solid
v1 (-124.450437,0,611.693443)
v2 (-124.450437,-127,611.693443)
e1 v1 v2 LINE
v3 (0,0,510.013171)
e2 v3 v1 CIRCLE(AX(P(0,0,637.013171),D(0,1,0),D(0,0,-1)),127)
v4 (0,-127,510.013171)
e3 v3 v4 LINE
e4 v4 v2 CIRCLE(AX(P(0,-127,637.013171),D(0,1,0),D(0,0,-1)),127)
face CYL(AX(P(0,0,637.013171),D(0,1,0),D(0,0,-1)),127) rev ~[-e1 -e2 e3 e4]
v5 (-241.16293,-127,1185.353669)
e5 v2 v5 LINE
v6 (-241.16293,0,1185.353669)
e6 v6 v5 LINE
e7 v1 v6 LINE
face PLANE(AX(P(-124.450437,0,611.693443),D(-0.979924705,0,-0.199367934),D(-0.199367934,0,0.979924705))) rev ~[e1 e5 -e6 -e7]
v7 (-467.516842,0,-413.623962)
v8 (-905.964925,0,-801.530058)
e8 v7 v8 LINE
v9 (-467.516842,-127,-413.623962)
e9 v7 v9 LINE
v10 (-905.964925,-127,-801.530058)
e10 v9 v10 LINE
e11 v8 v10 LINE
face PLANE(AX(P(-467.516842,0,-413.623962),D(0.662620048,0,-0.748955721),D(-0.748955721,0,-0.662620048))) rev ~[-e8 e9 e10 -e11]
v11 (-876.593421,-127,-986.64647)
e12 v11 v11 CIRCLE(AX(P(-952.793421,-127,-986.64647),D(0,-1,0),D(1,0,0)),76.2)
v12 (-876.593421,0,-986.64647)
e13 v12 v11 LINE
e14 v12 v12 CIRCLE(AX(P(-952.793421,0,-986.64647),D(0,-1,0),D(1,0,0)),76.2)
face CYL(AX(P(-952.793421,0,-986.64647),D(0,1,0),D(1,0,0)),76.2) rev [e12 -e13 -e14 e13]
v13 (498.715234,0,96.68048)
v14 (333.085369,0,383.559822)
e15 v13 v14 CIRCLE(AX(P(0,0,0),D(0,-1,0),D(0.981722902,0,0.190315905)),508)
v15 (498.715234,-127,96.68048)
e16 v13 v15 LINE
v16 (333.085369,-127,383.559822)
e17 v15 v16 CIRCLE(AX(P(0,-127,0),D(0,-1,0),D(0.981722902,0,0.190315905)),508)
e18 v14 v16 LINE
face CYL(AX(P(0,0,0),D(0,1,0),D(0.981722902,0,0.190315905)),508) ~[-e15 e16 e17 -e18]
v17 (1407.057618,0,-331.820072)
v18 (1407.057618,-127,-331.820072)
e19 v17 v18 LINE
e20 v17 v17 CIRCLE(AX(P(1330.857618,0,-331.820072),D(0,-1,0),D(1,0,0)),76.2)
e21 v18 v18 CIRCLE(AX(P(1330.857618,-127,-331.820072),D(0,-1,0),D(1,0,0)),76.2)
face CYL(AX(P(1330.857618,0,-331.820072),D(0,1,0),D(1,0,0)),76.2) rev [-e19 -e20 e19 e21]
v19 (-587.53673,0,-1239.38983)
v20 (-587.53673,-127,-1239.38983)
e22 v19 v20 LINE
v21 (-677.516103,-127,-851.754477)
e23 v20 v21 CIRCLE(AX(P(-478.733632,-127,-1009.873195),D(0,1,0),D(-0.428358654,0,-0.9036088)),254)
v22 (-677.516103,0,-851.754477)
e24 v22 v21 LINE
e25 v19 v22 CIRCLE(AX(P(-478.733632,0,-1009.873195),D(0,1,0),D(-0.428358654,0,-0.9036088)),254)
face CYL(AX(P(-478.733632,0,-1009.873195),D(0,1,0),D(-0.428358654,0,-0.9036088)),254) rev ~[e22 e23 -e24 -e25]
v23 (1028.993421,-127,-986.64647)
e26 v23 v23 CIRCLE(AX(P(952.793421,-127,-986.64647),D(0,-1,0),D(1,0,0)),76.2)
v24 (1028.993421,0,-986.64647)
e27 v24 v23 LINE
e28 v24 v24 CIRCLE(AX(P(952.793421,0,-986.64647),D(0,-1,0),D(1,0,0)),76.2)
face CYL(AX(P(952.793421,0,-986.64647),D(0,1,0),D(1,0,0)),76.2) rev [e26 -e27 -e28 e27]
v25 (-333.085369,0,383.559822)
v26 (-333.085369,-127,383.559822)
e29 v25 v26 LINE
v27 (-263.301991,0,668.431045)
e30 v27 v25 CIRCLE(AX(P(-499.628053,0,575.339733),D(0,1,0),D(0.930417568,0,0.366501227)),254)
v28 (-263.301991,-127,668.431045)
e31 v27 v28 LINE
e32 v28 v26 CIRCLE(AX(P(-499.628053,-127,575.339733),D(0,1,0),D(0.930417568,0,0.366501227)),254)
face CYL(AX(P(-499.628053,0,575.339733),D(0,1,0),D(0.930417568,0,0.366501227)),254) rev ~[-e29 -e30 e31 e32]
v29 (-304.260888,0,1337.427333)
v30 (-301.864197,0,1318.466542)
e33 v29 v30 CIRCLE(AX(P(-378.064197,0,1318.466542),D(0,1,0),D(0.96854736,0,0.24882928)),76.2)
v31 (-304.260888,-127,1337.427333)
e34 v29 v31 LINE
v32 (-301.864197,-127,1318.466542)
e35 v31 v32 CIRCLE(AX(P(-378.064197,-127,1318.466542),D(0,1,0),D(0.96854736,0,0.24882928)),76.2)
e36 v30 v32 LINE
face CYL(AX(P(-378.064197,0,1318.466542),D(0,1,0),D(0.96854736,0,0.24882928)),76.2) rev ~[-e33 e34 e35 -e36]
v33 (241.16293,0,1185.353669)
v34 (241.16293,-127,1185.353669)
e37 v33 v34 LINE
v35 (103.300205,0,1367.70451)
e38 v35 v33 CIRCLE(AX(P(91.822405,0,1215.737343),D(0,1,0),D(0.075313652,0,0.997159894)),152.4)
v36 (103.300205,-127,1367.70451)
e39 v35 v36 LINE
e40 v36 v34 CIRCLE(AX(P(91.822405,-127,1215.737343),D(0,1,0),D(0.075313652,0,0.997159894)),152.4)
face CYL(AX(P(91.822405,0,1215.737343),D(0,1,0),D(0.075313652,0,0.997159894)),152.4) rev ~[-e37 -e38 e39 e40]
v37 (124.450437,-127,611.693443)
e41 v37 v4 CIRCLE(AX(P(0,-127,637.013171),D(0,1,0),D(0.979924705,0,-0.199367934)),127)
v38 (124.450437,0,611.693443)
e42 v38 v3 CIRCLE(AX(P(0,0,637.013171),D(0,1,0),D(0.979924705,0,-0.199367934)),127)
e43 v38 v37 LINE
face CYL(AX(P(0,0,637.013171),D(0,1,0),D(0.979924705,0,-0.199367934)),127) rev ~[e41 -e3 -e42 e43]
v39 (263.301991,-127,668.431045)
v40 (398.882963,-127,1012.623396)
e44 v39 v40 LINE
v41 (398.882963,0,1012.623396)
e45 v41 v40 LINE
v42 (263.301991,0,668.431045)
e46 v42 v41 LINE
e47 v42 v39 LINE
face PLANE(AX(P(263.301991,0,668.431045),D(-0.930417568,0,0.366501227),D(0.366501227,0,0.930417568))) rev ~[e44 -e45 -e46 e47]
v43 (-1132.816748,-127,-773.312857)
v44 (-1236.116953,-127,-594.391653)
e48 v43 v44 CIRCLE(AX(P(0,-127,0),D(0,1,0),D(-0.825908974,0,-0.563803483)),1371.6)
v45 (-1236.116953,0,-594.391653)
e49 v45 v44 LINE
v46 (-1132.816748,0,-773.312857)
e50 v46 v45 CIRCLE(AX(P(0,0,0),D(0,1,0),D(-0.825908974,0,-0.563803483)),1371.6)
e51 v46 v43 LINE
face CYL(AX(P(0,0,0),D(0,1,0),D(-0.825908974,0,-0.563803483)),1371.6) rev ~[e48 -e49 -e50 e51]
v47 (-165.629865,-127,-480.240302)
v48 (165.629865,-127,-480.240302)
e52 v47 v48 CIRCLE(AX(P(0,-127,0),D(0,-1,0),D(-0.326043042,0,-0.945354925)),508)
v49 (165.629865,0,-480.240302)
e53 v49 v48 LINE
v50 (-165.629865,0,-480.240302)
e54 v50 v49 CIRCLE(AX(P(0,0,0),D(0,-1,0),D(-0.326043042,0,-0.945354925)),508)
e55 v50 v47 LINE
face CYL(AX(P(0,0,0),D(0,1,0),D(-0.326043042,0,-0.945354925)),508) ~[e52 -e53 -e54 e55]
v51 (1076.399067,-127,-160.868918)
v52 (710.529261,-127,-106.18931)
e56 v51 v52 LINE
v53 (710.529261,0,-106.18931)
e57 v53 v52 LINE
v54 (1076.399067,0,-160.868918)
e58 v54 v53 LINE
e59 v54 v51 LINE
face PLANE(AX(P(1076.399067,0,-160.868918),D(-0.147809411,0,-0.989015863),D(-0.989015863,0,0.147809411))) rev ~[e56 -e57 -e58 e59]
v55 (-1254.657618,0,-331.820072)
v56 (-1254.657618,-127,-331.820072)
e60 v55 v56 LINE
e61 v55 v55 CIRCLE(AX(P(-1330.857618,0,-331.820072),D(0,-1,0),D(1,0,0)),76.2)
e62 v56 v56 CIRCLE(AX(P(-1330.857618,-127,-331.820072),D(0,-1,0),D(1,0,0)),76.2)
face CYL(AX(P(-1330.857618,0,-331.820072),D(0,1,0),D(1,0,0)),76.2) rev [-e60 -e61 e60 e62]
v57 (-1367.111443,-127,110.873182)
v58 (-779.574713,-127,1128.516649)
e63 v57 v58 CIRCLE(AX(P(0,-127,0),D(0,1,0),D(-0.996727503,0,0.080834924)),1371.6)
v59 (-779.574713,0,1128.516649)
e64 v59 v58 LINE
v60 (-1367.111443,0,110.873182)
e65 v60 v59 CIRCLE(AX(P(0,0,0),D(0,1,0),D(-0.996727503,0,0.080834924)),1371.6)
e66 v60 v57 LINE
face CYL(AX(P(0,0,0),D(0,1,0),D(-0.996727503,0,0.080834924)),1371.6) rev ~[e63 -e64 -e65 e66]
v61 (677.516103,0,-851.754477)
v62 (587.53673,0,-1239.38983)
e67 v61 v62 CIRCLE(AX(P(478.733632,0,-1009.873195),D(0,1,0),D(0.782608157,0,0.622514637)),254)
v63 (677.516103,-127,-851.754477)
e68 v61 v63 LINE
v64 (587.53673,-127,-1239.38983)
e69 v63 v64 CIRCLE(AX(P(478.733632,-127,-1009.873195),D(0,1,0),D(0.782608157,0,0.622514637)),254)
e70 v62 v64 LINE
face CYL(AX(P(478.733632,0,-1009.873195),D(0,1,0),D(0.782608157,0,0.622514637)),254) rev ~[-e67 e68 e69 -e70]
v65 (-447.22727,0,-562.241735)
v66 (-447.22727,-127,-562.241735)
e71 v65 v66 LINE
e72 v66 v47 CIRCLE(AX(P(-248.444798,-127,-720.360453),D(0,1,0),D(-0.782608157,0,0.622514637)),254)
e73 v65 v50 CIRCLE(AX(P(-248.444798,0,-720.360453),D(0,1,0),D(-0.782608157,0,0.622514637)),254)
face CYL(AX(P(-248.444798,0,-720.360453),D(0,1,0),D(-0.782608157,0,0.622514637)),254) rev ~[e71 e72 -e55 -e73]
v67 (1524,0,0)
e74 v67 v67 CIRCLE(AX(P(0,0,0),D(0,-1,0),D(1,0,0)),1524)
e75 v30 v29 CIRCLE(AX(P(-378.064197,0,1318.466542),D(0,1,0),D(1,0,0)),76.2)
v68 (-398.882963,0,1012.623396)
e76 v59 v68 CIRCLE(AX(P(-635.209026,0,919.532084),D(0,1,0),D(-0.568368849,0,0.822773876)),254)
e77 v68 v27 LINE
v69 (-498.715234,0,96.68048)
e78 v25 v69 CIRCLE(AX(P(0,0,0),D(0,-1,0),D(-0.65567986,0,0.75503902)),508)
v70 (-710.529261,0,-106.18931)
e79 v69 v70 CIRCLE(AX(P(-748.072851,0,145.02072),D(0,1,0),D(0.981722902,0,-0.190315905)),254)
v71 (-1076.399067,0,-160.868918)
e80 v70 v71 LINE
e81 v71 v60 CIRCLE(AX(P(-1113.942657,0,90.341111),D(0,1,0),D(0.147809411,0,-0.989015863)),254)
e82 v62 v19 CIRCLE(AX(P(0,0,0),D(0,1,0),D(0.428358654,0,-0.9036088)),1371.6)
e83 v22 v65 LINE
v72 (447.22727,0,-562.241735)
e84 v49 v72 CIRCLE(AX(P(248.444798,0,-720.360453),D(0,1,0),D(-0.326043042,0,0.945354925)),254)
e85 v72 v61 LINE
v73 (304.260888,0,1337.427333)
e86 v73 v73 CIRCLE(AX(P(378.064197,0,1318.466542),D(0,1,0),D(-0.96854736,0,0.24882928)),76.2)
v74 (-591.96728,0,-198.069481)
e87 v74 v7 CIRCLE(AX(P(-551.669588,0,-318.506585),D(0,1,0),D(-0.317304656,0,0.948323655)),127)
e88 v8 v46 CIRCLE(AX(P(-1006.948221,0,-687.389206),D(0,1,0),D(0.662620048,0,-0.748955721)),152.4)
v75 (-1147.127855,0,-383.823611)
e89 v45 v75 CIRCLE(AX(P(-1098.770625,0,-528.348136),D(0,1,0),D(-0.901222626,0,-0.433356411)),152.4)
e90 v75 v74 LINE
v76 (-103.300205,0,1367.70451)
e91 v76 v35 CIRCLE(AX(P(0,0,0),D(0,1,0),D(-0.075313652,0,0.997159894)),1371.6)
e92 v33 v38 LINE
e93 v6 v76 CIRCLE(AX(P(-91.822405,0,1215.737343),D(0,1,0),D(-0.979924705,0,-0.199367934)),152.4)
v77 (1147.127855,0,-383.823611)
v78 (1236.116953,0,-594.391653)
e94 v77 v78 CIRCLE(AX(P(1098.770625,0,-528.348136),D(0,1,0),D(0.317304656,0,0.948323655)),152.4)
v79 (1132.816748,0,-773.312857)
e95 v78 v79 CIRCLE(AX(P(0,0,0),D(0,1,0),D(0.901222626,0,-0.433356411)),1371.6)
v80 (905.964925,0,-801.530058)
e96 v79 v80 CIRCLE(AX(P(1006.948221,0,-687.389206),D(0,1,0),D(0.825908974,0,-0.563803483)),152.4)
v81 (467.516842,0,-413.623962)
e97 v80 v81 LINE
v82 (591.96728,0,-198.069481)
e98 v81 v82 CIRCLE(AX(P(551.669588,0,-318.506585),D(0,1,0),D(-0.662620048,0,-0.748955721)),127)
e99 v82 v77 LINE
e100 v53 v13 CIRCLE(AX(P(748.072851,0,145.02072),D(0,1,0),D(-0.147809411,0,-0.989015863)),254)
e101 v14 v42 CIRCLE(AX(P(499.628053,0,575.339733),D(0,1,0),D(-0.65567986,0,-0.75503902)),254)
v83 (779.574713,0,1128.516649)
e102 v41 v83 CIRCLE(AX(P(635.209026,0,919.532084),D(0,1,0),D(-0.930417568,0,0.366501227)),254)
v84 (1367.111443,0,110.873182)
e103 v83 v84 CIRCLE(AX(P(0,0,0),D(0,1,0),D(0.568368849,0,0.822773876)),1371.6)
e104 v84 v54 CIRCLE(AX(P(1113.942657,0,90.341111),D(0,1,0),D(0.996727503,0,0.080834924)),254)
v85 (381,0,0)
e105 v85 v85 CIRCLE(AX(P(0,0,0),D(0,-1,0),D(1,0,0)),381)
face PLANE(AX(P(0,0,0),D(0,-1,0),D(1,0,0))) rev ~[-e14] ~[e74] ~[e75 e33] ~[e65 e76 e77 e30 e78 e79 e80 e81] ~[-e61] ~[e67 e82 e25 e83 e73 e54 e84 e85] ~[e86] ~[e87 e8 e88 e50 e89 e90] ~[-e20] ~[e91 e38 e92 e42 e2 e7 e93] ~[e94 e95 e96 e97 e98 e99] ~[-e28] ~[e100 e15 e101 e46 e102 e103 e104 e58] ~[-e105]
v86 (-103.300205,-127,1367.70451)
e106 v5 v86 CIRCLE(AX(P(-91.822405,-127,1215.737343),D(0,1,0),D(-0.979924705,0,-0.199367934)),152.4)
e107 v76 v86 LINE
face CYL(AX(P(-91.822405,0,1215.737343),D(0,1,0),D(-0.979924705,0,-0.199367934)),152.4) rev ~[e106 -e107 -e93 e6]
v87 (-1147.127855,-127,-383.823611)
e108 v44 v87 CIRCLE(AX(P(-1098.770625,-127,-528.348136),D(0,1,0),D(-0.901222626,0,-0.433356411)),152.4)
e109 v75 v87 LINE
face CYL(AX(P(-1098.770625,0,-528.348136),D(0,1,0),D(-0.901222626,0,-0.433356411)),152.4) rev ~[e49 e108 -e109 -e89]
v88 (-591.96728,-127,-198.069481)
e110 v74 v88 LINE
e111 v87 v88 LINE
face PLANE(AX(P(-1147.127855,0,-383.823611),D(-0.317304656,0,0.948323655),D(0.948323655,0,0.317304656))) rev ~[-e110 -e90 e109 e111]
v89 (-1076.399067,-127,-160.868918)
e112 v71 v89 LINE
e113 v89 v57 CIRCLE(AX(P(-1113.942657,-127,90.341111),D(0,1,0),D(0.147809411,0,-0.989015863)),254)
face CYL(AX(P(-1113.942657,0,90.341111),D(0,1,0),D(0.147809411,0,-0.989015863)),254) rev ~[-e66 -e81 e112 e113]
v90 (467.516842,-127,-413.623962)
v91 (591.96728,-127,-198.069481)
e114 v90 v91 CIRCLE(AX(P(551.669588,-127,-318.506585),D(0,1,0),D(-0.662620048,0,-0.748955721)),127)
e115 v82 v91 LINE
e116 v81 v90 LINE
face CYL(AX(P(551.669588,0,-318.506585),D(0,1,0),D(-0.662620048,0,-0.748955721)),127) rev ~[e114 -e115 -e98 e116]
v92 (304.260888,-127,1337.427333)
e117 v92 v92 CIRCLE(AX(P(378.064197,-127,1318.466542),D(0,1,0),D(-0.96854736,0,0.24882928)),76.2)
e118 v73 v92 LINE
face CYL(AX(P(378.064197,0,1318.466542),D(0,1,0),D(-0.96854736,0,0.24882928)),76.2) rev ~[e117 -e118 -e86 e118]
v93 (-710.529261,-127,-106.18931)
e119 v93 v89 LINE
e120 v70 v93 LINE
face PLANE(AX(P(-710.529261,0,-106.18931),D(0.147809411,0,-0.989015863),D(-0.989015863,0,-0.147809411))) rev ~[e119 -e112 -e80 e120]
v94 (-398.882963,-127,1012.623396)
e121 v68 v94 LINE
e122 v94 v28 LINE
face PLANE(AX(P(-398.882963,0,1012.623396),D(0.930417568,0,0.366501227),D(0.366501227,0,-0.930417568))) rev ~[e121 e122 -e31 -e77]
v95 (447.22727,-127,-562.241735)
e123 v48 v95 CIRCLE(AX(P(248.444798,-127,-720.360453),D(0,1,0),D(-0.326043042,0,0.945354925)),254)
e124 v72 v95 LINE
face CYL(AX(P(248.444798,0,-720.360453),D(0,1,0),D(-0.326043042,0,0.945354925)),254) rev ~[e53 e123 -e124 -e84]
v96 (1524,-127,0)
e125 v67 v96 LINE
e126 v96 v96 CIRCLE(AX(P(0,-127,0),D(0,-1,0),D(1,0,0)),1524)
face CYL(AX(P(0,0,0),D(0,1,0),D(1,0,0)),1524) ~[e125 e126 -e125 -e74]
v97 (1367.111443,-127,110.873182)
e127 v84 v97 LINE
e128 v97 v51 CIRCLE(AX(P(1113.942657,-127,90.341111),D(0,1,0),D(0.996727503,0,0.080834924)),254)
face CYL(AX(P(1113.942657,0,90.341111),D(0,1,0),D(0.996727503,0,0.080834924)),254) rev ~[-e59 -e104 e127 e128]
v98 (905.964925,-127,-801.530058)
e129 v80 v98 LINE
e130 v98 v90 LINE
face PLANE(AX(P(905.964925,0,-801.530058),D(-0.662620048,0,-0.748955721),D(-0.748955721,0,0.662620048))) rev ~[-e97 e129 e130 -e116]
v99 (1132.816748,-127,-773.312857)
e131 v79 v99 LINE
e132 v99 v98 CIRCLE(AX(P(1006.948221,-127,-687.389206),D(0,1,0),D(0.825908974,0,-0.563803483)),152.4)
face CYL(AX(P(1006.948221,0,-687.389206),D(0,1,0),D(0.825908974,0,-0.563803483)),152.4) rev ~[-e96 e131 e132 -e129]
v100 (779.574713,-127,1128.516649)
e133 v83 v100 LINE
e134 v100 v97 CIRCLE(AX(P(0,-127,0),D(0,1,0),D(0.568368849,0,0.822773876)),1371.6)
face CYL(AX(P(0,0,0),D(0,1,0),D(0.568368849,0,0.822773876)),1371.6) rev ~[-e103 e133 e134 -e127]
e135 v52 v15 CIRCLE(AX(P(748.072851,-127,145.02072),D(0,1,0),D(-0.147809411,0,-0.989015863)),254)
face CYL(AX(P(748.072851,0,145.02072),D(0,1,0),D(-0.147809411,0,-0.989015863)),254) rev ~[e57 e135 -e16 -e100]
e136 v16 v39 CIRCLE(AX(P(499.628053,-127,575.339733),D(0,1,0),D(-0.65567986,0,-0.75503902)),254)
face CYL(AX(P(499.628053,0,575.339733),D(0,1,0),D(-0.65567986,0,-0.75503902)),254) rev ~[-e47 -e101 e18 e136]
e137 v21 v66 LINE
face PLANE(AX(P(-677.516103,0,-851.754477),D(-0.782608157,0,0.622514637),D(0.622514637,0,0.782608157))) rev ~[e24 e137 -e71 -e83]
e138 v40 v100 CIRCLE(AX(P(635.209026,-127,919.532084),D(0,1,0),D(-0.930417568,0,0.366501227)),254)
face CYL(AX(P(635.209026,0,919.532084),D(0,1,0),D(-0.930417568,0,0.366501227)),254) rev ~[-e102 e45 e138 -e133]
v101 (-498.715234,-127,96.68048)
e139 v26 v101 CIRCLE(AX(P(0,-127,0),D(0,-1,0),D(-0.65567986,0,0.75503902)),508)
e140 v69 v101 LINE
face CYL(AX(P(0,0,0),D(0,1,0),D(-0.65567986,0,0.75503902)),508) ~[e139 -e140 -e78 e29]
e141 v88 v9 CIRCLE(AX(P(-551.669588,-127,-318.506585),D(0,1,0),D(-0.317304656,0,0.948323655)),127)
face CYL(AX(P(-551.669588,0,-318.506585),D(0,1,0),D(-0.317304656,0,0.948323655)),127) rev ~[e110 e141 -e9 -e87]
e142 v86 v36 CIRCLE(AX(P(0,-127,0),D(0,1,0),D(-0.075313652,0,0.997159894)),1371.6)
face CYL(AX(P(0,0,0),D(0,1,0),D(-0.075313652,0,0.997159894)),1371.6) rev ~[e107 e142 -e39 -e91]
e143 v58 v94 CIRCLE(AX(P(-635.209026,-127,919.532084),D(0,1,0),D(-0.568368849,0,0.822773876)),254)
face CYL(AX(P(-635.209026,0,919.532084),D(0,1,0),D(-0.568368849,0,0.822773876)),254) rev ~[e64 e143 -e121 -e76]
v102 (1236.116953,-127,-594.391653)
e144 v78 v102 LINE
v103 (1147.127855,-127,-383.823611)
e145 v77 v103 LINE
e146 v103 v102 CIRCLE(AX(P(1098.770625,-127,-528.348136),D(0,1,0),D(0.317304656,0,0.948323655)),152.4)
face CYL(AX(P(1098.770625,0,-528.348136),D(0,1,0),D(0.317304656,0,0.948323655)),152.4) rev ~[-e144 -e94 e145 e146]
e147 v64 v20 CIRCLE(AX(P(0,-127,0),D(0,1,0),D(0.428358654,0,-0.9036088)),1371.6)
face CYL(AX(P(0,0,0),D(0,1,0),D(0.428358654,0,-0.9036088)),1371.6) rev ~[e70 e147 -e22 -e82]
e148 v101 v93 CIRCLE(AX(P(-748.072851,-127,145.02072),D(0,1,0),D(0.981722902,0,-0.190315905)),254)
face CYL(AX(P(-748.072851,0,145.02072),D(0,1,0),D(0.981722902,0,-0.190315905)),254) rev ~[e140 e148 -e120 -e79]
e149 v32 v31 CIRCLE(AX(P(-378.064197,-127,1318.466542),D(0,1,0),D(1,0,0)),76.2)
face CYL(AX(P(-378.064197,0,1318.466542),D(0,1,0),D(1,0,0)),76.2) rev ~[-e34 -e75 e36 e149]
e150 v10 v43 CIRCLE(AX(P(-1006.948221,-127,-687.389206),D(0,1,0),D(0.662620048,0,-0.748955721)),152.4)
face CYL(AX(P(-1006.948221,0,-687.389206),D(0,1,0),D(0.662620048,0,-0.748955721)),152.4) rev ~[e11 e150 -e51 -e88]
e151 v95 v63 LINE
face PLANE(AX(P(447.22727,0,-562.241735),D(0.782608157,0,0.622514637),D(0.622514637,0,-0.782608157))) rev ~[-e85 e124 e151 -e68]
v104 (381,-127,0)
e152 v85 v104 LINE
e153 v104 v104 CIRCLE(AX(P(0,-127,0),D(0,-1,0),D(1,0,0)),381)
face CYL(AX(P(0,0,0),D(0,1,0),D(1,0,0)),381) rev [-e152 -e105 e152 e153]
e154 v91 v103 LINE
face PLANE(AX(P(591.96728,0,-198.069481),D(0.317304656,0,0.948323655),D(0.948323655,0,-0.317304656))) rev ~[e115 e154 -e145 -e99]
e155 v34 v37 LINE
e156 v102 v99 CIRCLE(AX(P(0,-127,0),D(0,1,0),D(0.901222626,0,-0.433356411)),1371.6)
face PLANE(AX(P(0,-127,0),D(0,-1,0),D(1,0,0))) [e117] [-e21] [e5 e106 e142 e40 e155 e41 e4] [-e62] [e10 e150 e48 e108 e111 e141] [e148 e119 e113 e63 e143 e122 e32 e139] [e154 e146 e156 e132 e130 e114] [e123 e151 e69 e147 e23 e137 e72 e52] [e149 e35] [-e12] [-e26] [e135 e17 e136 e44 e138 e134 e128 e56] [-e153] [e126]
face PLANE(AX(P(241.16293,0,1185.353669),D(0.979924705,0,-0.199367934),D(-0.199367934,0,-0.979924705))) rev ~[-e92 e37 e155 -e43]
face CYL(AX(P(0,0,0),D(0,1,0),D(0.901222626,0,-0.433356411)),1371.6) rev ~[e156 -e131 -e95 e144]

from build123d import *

# Parameters (mm, degrees)
F0_R     = 1524
F0_R_2   = 76.2
F0_R_3   = 381
F1_DEPTH = 127


with BuildPart() as f1:
    # F0 (on Front) → F1 (new body)
    with BuildSketch(Plane.XZ):
        Circle(F0_R)
        with Locations((-952.7934209216, -986.6464701445)):
            Circle(F0_R_2, mode=Mode.SUBTRACT)
        with BuildLine():
            Line((-1147.1278549233, -383.8236111278), (-591.9672795655, -198.069481041))
            ThreePointArc((-591.9672795655, -198.069481041), (-441.6843619214, -255.0065852522), (-467.5168420786, -413.6239617924))
            Line((-467.5168420786, -413.6239617924), (-905.9649252706, -801.5300581884))
            ThreePointArc((-905.9649252706, -801.5300581884), (-1025.7596879891, -838.6237549571), (-1132.816748196, -773.3128571327))
            ThreePointArc((-1132.816748196, -773.3128571327), (-1187.8404438307, -685.8), (-1236.116953448, -594.3916532039))
            ThreePointArc((-1236.116953448, -594.3916532038), (-1239.1493200045, -469.022070498), (-1147.1278549233, -383.8236111278))
        make_face(mode=Mode.SUBTRACT)
        with Locations((-1330.8576181602, -331.8200720045)):
            Circle(F0_R_2, mode=Mode.SUBTRACT)
        with BuildLine():
            ThreePointArc((-587.5367296731, -1239.389830233), (-726.1553614682, -1067.3056560513), (-677.516103426, -851.7544772987))
            Line((-677.516103426, -851.7544772987), (-447.2272700896, -562.2417352778))
            ThreePointArc((-447.2272700896, -562.2417352778), (-319.4601226238, -476.4899469689), (-165.6298654994, -480.2403019892))
            ThreePointArc((-165.6298654994, -480.2403019892), (0, -508), (165.6298654994, -480.2403019892))
            ThreePointArc((165.6298654994, -480.2403019892), (319.4601226238, -476.4899469689), (447.2272700896, -562.2417352778))
            Line((447.2272700896, -562.2417352778), (677.516103426, -851.7544772987))
            ThreePointArc((677.516103426, -851.7544772987), (726.1553614682, -1067.3056560513), (587.5367296731, -1239.389830233))
            ThreePointArc((587.5367296731, -1239.389830233), (0, -1371.6), (-587.5367296731, -1239.389830233))
        make_face(mode=Mode.SUBTRACT)
        with Locations((952.7934209216, -986.6464701445)):
            Circle(F0_R_2, mode=Mode.SUBTRACT)
        with BuildLine():
            Line((905.9649252706, -801.5300581884), (467.5168420786, -413.6239617924))
            ThreePointArc((467.5168420786, -413.6239617924), (441.6843619214, -255.0065852522), (591.9672795655, -198.069481041))
            Line((591.9672795655, -198.069481041), (1147.1278549233, -383.8236111278))
            ThreePointArc((1147.1278549233, -383.8236111278), (1239.1493200045, -469.022070498), (1236.116953448, -594.3916532039))
            ThreePointArc((1236.116953448, -594.3916532039), (1187.8404438307, -685.8), (1132.816748196, -773.3128571327))
            ThreePointArc((1132.816748196, -773.3128571327), (1025.7596879891, -838.6237549571), (905.9649252706, -801.5300581884))
        make_face(mode=Mode.SUBTRACT)
        with Locations((1330.8576181602, -331.8200720045)):
            Circle(F0_R_2, mode=Mode.SUBTRACT)
        with BuildLine():
            ThreePointArc((-263.3019907736, 668.4310448017), (-252.922337411, 514.9055551727), (-333.085368694, 383.5598221425))
            ThreePointArc((-333.085368694, 383.5598221425), (-439.9409051225, 254), (-498.7152341934, 96.6804798467))
            ThreePointArc((-498.7152341934, 96.6804798467), (-572.3824600348, -38.4156082039), (-710.5292608632, -106.1893095239))
            Line((-710.5292608632, -106.1893095239), (-1076.3990668408, -160.8689183906))
            ThreePointArc((-1076.3990668408, -160.8689183906), (-1287.3914924773, -95.2161621001), (-1367.1114430104, 110.8731815631))
            ThreePointArc((-1367.1114430104, 110.8731815631), (-1187.8404438307, 685.8), (-779.5747133373, 1128.5166486699))
            ThreePointArc((-779.5747133373, 1128.5166486699), (-561.2361310092, 1162.5218181514), (-398.8829634148, 1012.6233956893))
            Line((-398.8829634148, 1012.6233956893), (-263.3019907736, 668.4310448017))
        make_face(mode=Mode.SUBTRACT)
        with BuildLine():
            ThreePointArc((-304.2608883721, 1337.427333281), (-302.465744425, 1328.0223745138), (-301.8641972386, 1318.466542149))
            ThreePointArc((-301.8641972386, 1318.466542149), (-423.9225020028, 1257.6105162834), (-399.0677637519, 1391.7146833795))
            ThreePointArc((-399.0677637519, 1391.7146833795), (-340.1995396629, 1384.5929945465), (-304.2608883721, 1337.427333281))
        make_face(mode=Mode.SUBTRACT)
        Circle(F0_R_3, mode=Mode.SUBTRACT)
        with BuildLine():
            ThreePointArc((1367.1114430104, 110.8731815631), (1287.3914924773, -95.2161621001), (1076.3990668408, -160.8689183906))
            Line((1076.3990668408, -160.8689183906), (710.5292608632, -106.1893095239))
            ThreePointArc((710.5292608632, -106.1893095239), (572.3824600348, -38.4156082039), (498.7152341934, 96.6804798467))
            ThreePointArc((498.7152341934, 96.6804798467), (439.9409051225, 254), (333.085368694, 383.5598221425))
            ThreePointArc((333.085368694, 383.5598221425), (252.922337411, 514.9055551727), (263.3019907736, 668.4310448017))
            Line((263.3019907736, 668.4310448017), (398.8829634148, 1012.6233956893))
            ThreePointArc((398.8829634148, 1012.6233956893), (561.2361310092, 1162.5218181514), (779.5747133373, 1128.5166486699))
            ThreePointArc((779.5747133373, 1128.5166486699), (1187.8404438307, 685.8), (1367.1114430104, 110.8731815631))
        make_face(mode=Mode.SUBTRACT)
        with BuildLine():
            ThreePointArc((0, 510.0131705043), (-80.3535767274, 538.6653047059), (-124.4504374868, 611.6934428334))
            Line((-124.4504374868, 611.6934428334), (-241.1629296527, 1185.3536693162))
            ThreePointArc((-241.1629296527, 1185.3536693162), (-213.3896320154, 1307.6458254551), (-103.300205252, 1367.7045103365))
            ThreePointArc((-103.300205252, 1367.7045103365), (0, 1371.6), (103.300205252, 1367.7045103365))
            ThreePointArc((103.300205252, 1367.7045103365), (213.3896320154, 1307.6458254551), (241.1629296527, 1185.3536693162))
            Line((241.1629296527, 1185.3536693162), (124.4504374868, 611.6934428334))
            ThreePointArc((124.4504374868, 611.6934428334), (80.3535767274, 538.6653047059), (0, 510.0131705043))
        make_face(mode=Mode.SUBTRACT)
        with BuildLine():
            ThreePointArc((399.0677637519, 1391.7146833795), (438.9202231042, 1364.3248469132), (454.2641972386, 1318.466542149))
            ThreePointArc((454.2641972386, 1318.466542149), (368.5083648738, 1242.8680893354), (304.2608883721, 1337.427333281))
            ThreePointArc((304.2608883721, 1337.427333281), (340.1995396629, 1384.5929945465), (399.0677637519, 1391.7146833795))
        make_face(mode=Mode.SUBTRACT)
    extrude(amount=F1_DEPTH)


solid = f1.part
